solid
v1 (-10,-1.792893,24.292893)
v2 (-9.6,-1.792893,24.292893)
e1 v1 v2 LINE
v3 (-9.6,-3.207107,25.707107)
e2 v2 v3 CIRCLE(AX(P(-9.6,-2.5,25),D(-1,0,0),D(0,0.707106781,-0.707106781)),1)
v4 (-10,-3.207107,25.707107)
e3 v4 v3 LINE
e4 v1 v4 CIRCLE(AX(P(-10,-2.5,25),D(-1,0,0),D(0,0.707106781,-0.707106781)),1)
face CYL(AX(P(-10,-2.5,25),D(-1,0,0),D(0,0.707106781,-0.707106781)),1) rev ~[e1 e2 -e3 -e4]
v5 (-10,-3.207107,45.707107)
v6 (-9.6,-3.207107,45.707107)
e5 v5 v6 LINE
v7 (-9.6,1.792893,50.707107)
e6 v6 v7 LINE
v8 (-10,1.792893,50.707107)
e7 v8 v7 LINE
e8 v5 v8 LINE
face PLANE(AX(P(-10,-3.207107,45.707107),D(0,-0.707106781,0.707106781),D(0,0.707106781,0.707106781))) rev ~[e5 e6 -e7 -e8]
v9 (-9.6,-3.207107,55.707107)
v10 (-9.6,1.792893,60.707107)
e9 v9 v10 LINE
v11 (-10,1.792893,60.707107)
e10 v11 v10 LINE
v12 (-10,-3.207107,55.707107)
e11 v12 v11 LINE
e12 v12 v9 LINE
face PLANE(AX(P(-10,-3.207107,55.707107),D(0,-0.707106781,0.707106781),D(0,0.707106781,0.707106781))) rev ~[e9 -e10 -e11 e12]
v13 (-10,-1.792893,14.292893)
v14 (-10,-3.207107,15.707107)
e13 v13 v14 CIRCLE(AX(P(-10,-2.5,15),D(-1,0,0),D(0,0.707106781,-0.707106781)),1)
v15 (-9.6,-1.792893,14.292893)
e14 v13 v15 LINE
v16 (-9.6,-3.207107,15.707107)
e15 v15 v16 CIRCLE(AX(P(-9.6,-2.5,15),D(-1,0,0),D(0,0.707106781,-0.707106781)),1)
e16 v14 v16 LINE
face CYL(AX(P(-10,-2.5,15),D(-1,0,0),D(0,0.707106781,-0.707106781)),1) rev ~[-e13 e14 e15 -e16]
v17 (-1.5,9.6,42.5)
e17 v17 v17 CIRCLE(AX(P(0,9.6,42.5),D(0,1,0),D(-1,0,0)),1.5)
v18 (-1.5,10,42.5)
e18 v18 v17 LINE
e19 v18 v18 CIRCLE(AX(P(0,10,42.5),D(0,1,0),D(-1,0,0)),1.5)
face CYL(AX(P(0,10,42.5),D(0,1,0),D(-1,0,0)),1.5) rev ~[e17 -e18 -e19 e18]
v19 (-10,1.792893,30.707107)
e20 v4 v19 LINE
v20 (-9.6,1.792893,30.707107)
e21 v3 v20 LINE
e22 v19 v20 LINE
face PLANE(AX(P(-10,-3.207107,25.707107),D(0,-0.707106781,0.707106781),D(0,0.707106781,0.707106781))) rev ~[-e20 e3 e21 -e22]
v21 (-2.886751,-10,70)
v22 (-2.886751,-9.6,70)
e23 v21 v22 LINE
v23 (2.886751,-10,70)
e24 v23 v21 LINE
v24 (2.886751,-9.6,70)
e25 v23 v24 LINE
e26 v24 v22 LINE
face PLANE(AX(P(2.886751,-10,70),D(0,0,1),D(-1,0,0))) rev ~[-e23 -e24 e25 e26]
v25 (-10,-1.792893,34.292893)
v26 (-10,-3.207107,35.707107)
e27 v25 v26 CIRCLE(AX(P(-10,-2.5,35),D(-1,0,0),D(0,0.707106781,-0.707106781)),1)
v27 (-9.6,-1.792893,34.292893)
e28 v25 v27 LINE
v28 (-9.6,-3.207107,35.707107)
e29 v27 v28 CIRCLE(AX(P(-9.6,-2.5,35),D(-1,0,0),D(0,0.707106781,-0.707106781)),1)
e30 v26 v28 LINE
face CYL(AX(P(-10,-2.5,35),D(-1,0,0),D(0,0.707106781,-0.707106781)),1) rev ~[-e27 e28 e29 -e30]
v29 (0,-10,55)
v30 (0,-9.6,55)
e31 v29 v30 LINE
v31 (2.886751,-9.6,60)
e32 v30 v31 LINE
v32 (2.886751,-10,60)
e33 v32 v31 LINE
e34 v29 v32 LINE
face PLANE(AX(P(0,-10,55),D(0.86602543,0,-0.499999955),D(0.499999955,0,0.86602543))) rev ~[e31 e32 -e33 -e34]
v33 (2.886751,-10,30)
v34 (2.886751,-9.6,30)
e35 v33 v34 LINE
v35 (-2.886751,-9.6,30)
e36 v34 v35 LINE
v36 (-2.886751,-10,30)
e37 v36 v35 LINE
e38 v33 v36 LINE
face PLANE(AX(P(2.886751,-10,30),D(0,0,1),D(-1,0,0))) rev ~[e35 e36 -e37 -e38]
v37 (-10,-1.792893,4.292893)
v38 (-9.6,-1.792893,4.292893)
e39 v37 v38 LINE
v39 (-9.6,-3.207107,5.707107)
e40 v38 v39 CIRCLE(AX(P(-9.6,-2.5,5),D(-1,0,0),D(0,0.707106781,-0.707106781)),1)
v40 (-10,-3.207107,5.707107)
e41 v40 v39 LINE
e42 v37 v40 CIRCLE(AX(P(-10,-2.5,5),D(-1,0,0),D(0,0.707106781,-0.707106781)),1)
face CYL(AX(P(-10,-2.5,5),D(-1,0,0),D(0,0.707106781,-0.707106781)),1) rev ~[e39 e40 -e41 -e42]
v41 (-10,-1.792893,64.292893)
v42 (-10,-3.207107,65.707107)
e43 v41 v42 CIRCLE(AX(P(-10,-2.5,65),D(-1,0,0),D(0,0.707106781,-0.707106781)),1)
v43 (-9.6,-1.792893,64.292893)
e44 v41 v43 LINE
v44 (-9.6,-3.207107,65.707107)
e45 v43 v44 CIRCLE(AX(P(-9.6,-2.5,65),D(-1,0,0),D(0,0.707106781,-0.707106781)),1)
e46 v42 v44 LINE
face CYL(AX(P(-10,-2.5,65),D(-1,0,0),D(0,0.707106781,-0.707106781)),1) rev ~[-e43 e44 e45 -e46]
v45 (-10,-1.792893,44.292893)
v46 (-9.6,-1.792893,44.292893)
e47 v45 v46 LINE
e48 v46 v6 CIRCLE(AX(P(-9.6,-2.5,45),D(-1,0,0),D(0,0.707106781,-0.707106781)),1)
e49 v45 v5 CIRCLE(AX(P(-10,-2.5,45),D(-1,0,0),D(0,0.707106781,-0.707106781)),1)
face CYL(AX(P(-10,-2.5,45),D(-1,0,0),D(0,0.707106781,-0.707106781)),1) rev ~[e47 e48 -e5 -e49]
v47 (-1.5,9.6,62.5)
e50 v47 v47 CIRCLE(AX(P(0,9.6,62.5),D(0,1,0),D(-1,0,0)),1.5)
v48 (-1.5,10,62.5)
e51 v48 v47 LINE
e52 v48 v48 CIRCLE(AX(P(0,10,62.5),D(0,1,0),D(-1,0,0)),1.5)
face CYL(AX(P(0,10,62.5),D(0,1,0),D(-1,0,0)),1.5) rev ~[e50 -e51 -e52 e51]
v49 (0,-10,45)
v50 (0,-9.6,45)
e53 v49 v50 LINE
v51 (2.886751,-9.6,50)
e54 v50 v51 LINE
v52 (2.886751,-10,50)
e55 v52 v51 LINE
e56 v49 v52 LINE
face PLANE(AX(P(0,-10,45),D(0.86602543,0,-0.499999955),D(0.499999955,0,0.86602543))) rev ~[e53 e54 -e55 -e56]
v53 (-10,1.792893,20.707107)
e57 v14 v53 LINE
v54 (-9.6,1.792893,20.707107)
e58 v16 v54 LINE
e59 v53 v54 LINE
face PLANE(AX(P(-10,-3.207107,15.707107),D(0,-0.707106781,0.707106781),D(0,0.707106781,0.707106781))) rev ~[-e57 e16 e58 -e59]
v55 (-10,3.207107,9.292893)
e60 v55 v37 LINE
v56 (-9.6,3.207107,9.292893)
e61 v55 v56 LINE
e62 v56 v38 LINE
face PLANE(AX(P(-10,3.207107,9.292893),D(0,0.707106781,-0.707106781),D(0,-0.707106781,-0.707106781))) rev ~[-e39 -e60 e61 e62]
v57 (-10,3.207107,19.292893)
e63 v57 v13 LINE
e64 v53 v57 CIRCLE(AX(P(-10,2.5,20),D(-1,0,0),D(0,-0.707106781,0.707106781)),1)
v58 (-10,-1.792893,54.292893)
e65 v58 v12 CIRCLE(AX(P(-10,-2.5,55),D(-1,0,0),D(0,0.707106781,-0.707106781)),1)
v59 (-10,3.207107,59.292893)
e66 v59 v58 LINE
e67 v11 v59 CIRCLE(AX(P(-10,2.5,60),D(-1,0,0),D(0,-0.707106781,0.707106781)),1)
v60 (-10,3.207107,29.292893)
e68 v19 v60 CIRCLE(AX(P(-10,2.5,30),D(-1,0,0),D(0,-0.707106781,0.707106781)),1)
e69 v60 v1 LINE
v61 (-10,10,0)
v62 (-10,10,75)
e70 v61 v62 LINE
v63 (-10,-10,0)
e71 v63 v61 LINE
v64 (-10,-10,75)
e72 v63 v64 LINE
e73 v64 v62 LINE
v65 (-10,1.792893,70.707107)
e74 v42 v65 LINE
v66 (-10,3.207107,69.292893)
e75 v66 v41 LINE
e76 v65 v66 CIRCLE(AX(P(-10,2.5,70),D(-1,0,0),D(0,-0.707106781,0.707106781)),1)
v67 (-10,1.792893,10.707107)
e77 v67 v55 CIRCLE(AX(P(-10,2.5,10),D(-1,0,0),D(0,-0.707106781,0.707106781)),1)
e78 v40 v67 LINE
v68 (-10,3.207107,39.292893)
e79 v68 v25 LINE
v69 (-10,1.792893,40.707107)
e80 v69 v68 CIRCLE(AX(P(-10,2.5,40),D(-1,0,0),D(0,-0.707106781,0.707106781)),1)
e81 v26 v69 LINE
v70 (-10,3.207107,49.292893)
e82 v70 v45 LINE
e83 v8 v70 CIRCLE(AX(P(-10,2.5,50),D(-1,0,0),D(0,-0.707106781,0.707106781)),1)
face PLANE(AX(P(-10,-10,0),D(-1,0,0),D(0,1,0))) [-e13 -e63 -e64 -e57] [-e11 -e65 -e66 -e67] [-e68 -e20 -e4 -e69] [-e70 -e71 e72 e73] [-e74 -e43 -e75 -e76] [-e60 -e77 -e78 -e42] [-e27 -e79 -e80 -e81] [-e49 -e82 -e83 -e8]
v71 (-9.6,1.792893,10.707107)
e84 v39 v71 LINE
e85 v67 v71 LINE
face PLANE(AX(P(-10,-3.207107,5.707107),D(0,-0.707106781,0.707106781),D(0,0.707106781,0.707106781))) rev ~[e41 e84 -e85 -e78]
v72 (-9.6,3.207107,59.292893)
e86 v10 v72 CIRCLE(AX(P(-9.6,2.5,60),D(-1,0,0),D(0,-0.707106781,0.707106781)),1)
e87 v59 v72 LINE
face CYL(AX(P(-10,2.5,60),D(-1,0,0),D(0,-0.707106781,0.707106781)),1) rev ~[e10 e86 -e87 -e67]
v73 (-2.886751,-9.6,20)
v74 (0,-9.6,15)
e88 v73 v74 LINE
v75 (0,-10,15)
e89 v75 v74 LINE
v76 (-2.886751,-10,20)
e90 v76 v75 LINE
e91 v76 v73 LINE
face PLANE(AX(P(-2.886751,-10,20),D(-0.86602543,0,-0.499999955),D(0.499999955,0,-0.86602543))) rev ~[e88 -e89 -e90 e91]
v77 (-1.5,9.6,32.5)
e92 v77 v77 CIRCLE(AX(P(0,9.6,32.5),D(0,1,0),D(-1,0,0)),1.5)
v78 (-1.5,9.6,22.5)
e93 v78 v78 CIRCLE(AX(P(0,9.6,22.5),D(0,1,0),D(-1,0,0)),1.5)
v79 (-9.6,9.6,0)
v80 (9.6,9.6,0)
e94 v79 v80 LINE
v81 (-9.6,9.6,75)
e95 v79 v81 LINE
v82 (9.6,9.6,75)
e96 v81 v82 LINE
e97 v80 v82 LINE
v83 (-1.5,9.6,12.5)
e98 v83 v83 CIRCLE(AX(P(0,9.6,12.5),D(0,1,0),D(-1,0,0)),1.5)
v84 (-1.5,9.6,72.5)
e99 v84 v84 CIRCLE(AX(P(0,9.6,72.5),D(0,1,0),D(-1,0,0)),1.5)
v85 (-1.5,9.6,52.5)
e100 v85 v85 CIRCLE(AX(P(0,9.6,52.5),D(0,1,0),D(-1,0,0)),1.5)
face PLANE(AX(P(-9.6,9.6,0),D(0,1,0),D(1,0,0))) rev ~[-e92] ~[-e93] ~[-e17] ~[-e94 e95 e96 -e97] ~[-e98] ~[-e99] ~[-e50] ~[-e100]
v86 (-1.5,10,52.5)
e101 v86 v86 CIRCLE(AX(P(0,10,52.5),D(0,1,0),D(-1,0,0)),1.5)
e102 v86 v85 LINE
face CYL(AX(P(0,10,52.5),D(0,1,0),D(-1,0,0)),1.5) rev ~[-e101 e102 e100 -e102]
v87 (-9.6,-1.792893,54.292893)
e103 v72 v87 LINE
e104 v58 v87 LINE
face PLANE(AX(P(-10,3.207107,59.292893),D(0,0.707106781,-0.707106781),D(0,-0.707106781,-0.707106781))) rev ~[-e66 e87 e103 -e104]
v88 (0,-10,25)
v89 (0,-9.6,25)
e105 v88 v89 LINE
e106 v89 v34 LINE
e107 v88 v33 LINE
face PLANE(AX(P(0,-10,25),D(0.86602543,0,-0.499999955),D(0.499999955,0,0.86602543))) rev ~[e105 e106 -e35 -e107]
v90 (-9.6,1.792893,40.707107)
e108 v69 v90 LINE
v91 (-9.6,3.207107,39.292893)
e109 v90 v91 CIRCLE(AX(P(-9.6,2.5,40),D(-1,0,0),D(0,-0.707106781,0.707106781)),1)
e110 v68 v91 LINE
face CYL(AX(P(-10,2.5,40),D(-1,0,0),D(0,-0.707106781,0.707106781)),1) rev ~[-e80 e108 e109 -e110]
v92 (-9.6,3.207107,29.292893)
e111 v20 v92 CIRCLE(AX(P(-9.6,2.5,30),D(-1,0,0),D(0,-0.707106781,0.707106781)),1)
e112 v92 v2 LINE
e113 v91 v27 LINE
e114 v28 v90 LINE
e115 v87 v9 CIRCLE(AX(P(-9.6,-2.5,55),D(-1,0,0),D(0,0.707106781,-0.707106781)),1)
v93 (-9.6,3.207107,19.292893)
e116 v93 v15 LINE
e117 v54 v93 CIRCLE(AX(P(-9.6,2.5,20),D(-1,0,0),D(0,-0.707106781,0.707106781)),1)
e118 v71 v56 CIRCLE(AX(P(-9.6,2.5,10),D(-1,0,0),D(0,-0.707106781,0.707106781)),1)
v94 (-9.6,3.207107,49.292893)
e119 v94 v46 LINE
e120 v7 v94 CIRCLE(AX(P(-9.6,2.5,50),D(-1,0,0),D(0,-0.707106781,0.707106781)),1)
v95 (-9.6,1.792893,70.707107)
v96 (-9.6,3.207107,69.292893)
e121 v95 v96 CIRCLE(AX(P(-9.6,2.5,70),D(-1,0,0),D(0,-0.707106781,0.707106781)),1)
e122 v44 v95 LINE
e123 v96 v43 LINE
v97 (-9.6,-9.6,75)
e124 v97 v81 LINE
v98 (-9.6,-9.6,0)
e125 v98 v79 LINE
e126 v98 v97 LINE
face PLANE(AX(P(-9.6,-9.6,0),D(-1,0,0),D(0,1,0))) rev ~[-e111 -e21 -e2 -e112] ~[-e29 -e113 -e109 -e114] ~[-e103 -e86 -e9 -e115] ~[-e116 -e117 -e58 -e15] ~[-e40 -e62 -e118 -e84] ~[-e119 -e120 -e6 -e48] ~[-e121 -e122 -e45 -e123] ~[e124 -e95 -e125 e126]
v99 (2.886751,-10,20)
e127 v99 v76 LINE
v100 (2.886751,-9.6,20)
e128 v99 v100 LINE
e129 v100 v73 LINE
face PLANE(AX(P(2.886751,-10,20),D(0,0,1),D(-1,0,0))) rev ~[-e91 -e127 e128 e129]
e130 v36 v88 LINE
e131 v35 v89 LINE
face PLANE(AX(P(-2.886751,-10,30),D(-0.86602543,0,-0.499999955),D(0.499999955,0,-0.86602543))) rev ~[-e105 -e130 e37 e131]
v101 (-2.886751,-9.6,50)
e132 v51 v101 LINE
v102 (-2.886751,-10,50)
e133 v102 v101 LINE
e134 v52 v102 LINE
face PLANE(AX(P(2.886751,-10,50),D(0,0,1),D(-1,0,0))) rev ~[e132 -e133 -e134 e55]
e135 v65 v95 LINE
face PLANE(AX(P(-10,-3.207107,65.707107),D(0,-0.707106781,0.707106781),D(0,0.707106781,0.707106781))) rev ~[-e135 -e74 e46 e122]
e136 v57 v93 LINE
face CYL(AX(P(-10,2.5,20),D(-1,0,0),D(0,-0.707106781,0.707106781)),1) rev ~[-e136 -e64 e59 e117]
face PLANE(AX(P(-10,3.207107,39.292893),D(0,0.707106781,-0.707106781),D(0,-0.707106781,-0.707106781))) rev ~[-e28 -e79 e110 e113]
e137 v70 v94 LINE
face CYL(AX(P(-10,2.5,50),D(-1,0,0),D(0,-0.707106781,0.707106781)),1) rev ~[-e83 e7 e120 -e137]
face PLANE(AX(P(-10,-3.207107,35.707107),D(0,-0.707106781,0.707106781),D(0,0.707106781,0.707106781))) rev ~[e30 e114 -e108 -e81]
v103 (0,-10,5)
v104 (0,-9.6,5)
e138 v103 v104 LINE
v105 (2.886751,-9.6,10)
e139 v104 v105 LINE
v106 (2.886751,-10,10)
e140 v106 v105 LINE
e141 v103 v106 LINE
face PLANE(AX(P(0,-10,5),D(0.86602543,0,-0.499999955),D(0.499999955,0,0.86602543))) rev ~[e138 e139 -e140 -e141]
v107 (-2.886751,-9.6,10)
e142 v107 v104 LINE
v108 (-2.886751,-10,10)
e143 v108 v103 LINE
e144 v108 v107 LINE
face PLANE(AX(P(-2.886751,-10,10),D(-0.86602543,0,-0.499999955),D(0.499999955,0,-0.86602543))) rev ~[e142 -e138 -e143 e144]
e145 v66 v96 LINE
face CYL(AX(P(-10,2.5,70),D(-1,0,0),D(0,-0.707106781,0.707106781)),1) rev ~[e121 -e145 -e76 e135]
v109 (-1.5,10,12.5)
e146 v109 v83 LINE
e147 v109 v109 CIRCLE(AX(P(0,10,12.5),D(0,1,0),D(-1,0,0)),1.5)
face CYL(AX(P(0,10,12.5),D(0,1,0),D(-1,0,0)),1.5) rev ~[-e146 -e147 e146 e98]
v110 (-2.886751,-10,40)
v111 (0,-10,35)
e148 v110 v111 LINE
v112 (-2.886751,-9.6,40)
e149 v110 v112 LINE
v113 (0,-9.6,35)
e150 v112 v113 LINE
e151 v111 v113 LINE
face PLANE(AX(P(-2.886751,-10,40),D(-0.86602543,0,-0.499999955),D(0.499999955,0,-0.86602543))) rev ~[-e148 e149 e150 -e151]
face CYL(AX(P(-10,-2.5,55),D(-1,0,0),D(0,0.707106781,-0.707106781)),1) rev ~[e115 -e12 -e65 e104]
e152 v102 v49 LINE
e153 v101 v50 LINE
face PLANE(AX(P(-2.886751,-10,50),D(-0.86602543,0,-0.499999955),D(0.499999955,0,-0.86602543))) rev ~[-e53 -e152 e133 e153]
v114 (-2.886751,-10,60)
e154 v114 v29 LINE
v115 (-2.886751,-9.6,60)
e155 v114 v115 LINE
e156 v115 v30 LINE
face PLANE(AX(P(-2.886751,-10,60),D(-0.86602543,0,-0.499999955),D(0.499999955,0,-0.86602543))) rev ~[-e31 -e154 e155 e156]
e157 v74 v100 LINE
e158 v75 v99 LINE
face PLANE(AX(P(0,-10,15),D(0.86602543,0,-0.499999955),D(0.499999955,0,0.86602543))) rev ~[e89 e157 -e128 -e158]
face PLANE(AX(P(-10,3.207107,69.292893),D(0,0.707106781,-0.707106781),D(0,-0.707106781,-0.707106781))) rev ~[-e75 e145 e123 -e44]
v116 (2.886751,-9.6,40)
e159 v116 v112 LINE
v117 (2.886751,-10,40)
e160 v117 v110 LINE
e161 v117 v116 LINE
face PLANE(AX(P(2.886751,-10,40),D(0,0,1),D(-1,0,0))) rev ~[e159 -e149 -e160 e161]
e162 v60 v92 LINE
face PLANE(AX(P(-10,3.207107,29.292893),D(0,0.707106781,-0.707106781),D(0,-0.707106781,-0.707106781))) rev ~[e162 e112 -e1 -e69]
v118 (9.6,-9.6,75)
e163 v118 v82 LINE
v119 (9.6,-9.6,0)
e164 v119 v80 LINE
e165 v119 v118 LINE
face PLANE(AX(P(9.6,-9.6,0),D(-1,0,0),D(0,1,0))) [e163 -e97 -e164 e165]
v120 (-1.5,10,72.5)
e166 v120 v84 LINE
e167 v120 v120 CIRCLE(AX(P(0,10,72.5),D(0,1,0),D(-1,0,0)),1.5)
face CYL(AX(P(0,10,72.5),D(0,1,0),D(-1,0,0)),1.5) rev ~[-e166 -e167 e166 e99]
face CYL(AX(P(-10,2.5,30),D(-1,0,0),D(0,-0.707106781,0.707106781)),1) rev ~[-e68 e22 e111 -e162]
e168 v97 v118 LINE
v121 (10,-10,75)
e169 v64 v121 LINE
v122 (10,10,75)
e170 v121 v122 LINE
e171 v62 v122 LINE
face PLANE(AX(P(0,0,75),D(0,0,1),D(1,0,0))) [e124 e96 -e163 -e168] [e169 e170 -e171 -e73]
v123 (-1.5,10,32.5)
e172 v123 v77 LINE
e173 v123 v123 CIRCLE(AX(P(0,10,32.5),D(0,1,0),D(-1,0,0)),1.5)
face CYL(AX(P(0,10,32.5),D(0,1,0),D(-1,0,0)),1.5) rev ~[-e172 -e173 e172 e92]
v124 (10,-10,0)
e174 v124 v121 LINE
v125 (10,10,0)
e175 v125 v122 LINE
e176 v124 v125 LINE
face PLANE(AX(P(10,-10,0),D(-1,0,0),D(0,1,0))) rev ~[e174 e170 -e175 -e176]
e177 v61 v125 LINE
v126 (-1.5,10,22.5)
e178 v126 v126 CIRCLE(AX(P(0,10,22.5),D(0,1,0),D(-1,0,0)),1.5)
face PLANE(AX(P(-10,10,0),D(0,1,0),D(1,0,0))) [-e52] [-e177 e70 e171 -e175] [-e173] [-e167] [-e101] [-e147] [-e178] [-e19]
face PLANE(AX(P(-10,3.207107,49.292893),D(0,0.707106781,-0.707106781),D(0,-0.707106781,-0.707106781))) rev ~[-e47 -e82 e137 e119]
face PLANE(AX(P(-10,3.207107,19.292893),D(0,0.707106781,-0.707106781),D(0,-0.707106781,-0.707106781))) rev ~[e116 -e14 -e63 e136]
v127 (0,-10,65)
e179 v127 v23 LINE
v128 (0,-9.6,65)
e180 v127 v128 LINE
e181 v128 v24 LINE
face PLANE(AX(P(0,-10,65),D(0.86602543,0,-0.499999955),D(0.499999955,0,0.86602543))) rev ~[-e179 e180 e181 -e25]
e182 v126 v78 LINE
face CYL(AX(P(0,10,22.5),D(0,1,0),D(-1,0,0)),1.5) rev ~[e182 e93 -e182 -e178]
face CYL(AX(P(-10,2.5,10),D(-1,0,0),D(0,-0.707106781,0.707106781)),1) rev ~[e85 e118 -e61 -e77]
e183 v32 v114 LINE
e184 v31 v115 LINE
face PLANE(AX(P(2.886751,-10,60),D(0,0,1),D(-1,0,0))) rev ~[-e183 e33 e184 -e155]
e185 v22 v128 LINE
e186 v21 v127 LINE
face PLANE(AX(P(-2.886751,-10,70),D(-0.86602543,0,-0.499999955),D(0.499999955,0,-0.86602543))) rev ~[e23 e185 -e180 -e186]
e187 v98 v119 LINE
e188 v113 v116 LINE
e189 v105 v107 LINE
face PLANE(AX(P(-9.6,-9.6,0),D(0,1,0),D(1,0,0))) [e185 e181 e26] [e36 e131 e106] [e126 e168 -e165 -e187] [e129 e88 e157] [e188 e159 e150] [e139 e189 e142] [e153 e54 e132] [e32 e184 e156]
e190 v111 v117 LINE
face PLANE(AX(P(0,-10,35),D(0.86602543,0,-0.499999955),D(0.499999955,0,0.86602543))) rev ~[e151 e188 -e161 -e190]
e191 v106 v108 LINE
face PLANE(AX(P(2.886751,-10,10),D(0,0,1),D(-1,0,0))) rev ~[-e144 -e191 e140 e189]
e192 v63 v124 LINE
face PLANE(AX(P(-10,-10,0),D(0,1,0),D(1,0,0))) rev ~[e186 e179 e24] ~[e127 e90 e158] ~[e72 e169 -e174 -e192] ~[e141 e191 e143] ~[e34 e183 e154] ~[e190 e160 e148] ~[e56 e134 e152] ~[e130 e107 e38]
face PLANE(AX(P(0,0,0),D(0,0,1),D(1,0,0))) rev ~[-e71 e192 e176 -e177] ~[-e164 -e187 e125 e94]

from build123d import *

# Parameters (mm, degrees)
F0_W     = 20
F0_H     = 20
F0_W_2   = 19.2
F0_H_2   = 19.2
F1_DEPTH = 75
F2_R     = 1.5
F3_DEPTH = 0.4
F5_DEPTH = 0.4
F7_DEPTH = 0.4


with BuildPart() as f1:
    # F0 (on Top) → F1 (new body)
    with BuildSketch(Plane.XY):
        Rectangle(F0_W, F0_H)
        Rectangle(F0_W_2, F0_H_2, mode=Mode.SUBTRACT)
    extrude(amount=F1_DEPTH)

    # F2 (on face) → F3 (cut, through all)
    with BuildSketch(Plane(origin=(0, 10, 0), x_dir=(-1, 0, 0), z_dir=(0, 1, 0))):
        with Locations((0, 62.5)):
            Circle(F2_R)
        with Locations((0, 52.5)):
            Circle(F2_R)
        with Locations((0, 42.5)):
            Circle(F2_R)
        with Locations((0, 32.5)):
            Circle(F2_R)
        with Locations((0, 22.5)):
            Circle(F2_R)
        with Locations((0, 12.5)):
            Circle(F2_R)
        with Locations((0, 72.5)):
            Circle(F2_R)
    extrude(amount=-F3_DEPTH, mode=Mode.SUBTRACT)

    # F4 (on face) → F5 (cut, through all)
    with BuildSketch(Plane.XZ.offset(10)):
        Polygon((2.886751, 10), (-2.886751, 10), (0, 5), align=None)
        Polygon((-2.886751, 20), (0, 15), (2.886751, 20), align=None)
        Polygon((-2.886751, 30), (0, 25), (2.886751, 30), align=None)
        Polygon((-2.886751, 40), (0, 35), (2.886751, 40), align=None)
        Polygon((-2.886751, 50), (0, 45), (2.886751, 50), align=None)
        Polygon((-2.886751, 60), (0, 55), (2.886751, 60), align=None)
        Polygon((-2.886751, 70), (0, 65), (2.886751, 70), align=None)
    extrude(amount=-F5_DEPTH, mode=Mode.SUBTRACT)

    # F6 (on face) → F7 (cut, through all)
    with BuildSketch(Plane(origin=(-10, 0, 0), x_dir=(0, -1, 0), z_dir=(-1, 0, 0))):
        with BuildLine():
            ThreePointArc((-1.792893, 10.707107), (-3.207107, 10.707107), (-3.207107, 9.292893))
            Line((-3.207107, 9.292893), (1.792893, 4.292893))
            ThreePointArc((1.792893, 4.292893), (3.207107, 4.292893), (3.207107, 5.707107))
            Line((3.207107, 5.707107), (-1.792893, 10.707107))
        make_face()
        with BuildLine():
            ThreePointArc((-1.792893, 20.707107), (-3.207107, 20.707107), (-3.207107, 19.292893))
            Line((-3.207107, 19.292893), (1.792893, 14.292893))
            ThreePointArc((1.792893, 14.292893), (3.207107, 14.292893), (3.207107, 15.707107))
            Line((3.207107, 15.707107), (-1.792893, 20.707107))
        make_face()
        with BuildLine():
            ThreePointArc((-1.792893, 30.707107), (-3.207107, 30.707107), (-3.207107, 29.292893))
            Line((-3.207107, 29.292893), (1.792893, 24.292893))
            ThreePointArc((1.792893, 24.292893), (3.207107, 24.292893), (3.207107, 25.707107))
            Line((3.207107, 25.707107), (-1.792893, 30.707107))
        make_face()
        with BuildLine():
            ThreePointArc((-1.792893, 40.707107), (-3.207107, 40.707107), (-3.207107, 39.292893))
            Line((-3.207107, 39.292893), (1.792893, 34.292893))
            ThreePointArc((1.792893, 34.292893), (3.207107, 34.292893), (3.207107, 35.707107))
            Line((3.207107, 35.707107), (-1.792893, 40.707107))
        make_face()
        with BuildLine():
            ThreePointArc((-1.792893, 50.707107), (-3.207107, 50.707107), (-3.207107, 49.292893))
            Line((-3.207107, 49.292893), (1.792893, 44.292893))
            ThreePointArc((1.792893, 44.292893), (3.207107, 44.292893), (3.207107, 45.707107))
            Line((3.207107, 45.707107), (-1.792893, 50.707107))
        make_face()
        with BuildLine():
            ThreePointArc((-1.792893, 60.707107), (-3.207107, 60.707107), (-3.207107, 59.292893))
            Line((-3.207107, 59.292893), (1.792893, 54.292893))
            ThreePointArc((1.792893, 54.292893), (3.207107, 54.292893), (3.207107, 55.707107))
            Line((3.207107, 55.707107), (-1.792893, 60.707107))
        make_face()
        with BuildLine():
            ThreePointArc((-1.792893, 70.707107), (-3.207107, 70.707107), (-3.207107, 69.292893))
            Line((-3.207107, 69.292893), (1.792893, 64.292893))
            ThreePointArc((1.792893, 64.292893), (3.207107, 64.292893), (3.207107, 65.707107))
            Line((3.207107, 65.707107), (-1.792893, 70.707107))
        make_face()
    extrude(amount=-F7_DEPTH, mode=Mode.SUBTRACT)


solid = f1.part
